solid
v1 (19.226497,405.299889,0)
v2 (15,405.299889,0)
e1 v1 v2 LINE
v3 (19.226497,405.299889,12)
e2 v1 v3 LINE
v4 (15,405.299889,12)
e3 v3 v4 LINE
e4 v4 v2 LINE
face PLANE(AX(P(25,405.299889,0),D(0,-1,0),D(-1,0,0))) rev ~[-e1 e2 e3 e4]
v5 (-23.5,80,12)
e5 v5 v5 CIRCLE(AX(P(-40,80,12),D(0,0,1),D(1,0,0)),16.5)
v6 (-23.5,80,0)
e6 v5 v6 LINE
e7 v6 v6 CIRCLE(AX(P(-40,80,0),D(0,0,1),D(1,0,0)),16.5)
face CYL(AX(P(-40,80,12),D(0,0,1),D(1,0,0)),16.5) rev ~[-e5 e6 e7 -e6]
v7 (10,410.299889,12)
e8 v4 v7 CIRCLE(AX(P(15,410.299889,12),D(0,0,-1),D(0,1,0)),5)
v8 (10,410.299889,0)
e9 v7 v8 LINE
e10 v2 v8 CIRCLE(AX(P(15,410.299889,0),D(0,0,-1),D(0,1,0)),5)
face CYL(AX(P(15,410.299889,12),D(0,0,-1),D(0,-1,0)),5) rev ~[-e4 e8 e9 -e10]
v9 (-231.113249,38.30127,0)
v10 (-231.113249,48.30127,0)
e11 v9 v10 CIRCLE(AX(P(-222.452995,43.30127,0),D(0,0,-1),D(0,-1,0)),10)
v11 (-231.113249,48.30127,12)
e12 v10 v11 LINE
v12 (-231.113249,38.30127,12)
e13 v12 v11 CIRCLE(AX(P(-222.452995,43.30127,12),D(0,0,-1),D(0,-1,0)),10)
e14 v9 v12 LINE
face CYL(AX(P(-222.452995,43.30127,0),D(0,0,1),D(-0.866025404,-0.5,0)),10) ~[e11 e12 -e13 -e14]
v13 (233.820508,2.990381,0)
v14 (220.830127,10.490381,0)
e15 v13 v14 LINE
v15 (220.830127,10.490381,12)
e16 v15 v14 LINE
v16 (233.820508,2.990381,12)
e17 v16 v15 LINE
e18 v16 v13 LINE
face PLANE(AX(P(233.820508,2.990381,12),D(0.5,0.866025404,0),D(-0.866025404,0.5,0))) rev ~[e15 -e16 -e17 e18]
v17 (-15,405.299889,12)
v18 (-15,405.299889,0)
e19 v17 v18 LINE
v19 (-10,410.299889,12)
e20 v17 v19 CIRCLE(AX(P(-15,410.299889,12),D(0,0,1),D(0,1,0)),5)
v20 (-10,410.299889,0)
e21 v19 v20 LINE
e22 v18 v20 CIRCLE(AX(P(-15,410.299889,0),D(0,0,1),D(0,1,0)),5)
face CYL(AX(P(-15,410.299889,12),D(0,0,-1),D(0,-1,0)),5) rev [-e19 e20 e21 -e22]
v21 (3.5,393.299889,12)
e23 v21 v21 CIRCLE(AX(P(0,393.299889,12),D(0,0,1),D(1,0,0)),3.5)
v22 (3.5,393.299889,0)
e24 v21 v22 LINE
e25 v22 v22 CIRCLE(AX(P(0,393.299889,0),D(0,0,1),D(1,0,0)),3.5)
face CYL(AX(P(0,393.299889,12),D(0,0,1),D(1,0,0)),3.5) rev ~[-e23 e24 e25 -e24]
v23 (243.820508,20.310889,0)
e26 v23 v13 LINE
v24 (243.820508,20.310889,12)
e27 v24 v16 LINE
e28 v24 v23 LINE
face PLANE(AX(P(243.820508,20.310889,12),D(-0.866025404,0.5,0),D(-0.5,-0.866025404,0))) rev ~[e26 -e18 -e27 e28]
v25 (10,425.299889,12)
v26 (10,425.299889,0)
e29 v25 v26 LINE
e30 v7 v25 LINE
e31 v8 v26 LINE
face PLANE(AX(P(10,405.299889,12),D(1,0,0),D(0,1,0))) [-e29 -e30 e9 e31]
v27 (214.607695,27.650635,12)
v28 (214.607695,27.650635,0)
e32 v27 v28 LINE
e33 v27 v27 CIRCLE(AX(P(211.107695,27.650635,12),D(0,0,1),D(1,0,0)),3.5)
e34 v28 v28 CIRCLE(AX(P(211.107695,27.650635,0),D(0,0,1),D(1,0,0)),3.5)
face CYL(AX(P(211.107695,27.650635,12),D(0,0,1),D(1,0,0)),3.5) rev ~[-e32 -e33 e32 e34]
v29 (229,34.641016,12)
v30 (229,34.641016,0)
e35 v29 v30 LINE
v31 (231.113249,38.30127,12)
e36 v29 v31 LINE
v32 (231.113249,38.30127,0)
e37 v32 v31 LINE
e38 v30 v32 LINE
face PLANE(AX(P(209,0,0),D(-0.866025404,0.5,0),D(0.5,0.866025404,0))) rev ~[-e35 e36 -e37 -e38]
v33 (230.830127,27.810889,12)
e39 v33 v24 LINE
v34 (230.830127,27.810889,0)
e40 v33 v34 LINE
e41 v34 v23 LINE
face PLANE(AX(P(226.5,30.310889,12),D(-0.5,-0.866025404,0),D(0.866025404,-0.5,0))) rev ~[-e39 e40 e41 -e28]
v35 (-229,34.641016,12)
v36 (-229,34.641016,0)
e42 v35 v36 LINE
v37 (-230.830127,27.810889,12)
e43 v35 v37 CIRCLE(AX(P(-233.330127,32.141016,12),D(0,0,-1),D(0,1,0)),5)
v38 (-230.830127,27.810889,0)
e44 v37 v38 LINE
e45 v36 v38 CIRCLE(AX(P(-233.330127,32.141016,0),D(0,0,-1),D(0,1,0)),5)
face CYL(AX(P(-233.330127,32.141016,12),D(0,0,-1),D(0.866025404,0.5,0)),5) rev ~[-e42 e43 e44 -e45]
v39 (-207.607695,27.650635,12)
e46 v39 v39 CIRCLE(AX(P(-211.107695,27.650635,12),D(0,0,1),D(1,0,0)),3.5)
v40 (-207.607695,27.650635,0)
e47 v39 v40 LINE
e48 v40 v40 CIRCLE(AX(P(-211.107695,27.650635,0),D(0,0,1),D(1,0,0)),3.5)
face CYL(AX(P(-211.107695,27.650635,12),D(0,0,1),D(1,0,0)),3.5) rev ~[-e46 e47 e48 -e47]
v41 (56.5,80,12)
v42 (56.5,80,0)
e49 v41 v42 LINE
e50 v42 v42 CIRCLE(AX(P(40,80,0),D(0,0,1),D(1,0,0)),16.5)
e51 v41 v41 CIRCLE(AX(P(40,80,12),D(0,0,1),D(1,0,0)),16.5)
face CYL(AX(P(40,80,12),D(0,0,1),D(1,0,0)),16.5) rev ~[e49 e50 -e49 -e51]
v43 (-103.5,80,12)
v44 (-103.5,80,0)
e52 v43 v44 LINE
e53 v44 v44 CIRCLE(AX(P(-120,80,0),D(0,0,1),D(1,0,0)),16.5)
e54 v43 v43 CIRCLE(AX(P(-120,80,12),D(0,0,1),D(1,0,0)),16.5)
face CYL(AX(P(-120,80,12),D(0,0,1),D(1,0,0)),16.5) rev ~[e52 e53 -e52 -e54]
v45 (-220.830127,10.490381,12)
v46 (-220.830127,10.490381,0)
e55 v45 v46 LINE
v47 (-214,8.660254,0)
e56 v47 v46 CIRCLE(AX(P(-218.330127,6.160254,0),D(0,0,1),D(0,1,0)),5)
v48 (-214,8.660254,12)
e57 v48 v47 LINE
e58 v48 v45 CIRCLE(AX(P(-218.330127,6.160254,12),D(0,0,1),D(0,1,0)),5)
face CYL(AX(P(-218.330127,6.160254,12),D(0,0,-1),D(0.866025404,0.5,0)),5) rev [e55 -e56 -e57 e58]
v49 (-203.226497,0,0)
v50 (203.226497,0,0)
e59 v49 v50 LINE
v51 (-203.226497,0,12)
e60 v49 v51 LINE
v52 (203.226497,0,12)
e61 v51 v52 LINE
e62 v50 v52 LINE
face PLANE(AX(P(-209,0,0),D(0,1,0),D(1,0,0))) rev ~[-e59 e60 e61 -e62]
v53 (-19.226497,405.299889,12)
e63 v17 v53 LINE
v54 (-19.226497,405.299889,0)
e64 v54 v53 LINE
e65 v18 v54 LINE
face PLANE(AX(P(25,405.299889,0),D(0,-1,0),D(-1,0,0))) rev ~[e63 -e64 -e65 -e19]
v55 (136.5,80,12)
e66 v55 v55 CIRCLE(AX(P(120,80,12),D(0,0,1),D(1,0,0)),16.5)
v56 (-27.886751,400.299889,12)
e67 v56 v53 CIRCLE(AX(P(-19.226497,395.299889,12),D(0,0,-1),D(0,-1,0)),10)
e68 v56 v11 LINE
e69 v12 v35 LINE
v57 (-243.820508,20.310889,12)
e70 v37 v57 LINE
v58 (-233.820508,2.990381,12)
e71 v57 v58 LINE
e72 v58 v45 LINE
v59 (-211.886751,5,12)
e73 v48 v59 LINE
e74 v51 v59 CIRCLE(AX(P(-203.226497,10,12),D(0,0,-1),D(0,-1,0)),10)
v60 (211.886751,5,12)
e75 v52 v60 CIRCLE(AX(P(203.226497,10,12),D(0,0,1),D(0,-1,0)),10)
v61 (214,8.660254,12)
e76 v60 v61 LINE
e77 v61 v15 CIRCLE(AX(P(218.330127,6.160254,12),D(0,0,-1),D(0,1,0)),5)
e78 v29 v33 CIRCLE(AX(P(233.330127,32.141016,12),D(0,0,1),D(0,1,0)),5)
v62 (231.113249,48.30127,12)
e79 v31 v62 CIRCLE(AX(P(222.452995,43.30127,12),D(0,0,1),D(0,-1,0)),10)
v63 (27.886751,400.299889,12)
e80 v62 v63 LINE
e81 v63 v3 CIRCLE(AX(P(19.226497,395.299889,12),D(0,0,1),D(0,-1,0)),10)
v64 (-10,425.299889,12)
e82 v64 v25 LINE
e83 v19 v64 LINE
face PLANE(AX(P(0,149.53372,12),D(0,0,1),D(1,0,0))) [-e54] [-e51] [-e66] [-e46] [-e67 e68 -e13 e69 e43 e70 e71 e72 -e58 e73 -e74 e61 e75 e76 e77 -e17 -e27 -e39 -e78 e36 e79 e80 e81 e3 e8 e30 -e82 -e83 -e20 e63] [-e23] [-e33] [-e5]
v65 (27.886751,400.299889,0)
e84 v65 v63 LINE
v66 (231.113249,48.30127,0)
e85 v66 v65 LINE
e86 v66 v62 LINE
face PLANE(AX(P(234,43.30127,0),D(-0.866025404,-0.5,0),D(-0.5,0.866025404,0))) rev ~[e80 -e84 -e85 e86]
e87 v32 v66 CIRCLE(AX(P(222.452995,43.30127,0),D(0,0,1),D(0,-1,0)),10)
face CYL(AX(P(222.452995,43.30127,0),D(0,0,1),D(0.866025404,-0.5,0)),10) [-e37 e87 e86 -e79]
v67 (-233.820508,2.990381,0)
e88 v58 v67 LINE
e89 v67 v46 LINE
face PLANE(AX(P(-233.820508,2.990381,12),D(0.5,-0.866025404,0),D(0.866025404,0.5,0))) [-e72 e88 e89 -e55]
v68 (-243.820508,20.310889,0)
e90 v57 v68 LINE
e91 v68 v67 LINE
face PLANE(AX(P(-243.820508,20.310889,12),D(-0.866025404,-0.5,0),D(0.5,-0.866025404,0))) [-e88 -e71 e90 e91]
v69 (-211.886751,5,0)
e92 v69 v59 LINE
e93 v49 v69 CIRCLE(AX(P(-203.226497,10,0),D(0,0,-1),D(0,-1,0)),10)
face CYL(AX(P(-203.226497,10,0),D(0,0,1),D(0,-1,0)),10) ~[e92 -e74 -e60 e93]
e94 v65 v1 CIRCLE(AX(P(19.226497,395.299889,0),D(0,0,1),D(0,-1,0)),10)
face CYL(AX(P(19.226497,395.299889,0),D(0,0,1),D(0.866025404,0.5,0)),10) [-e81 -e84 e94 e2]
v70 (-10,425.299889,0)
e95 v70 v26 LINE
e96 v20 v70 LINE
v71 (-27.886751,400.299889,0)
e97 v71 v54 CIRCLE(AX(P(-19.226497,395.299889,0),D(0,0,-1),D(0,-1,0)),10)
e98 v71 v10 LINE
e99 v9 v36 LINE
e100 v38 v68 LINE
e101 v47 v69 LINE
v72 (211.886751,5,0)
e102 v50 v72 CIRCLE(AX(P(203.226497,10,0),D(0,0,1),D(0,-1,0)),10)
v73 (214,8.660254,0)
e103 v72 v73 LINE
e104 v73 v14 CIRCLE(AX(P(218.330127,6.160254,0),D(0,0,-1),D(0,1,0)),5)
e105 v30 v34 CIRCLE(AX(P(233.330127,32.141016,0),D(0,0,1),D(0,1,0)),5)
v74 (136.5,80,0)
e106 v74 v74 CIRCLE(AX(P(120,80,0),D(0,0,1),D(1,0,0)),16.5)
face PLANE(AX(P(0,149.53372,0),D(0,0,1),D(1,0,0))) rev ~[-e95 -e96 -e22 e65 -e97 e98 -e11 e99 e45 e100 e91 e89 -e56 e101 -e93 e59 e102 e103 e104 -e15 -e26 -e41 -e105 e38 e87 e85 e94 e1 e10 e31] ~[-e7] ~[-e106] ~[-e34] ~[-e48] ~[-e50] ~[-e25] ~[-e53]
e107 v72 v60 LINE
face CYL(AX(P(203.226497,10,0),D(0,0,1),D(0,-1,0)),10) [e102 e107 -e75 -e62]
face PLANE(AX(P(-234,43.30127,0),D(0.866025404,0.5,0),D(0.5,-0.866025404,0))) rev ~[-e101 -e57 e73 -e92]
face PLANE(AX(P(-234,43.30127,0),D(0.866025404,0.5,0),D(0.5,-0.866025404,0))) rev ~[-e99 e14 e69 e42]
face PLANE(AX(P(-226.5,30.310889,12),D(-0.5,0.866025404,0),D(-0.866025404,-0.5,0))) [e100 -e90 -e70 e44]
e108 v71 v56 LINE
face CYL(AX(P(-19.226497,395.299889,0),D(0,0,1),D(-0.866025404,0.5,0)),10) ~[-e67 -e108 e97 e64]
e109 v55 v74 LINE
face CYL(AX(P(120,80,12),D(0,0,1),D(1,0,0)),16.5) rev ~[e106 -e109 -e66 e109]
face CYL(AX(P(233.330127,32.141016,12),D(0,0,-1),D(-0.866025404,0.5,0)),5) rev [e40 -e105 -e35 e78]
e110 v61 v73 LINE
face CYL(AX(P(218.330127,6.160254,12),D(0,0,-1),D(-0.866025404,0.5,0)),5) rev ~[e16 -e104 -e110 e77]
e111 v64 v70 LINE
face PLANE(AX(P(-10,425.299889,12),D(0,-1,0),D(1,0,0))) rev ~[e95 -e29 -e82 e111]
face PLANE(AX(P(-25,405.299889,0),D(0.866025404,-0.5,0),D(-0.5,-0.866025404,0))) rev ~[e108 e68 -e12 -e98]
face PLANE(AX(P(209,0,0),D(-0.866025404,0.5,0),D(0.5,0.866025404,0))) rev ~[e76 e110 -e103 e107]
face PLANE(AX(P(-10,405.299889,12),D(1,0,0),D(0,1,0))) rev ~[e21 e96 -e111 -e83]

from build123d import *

# Parameters (mm, degrees)
BOSS_EXTRUDE1_DEPTH = 12
CUT_EXTRUDE1_REACH  = 14
SKETCH2_R           = 3.5
FILLET1_R           = 10
CUT_EXTRUDE2_REACH  = 14
SKETCH3_R           = 16.5
SKETCH4_W           = 20
SKETCH4_H           = 20
BOSS_EXTRUDE2_DEPTH = 12
FILLET2_R           = 5


with BuildPart() as part:
    # Sketch1 → Boss-Extrude1 (new body)
    with BuildSketch(Plane.XY):
        Polygon((-209, 0), (209, 0), (234, 43.301270189), (25, 405.299888971), (-25, 405.299888971), (-234, 43.301270189), align=None)
    extrude(amount=BOSS_EXTRUDE1_DEPTH)

    # Sketch2 → Cut-Extrude1 (cut, up to next)
    with BuildSketch(Plane.XY.offset(12), mode=Mode.PRIVATE) as cut_extrude1_sk1:
        with Locations((211.107695155, 27.650635095)):
            Circle(SKETCH2_R)
    cut_extrude1_tool1 = extrude(cut_extrude1_sk1.sketch, amount=-CUT_EXTRUDE1_REACH, mode=Mode.PRIVATE) & part.part
    add(cut_extrude1_tool1.solids().sort_by_distance((211.107695, 27.650635, 12))[0], mode=Mode.SUBTRACT)
    # Sketch2 → Cut-Extrude1 (cut, up to next)
    with BuildSketch(Plane.XY.offset(12), mode=Mode.PRIVATE) as cut_extrude1_sk2:
        with Locations((0, 393.299888971)):
            Circle(SKETCH2_R)
    cut_extrude1_tool2 = extrude(cut_extrude1_sk2.sketch, amount=-CUT_EXTRUDE1_REACH, mode=Mode.PRIVATE) & part.part
    add(cut_extrude1_tool2.solids().sort_by_distance((0, 393.299889, 12))[0], mode=Mode.SUBTRACT)
    # Sketch2 → Cut-Extrude1 (cut, up to next)
    with BuildSketch(Plane.XY.offset(12), mode=Mode.PRIVATE) as cut_extrude1_sk3:
        with Locations((-211.107695155, 27.650635095)):
            Circle(SKETCH2_R)
    cut_extrude1_tool3 = extrude(cut_extrude1_sk3.sketch, amount=-CUT_EXTRUDE1_REACH, mode=Mode.PRIVATE) & part.part
    add(cut_extrude1_tool3.solids().sort_by_distance((-211.107695, 27.650635, 12))[0], mode=Mode.SUBTRACT)

    # Fillet1
    fillet1_edges = [part.edges().sort_by_distance(p)[0] for p in [
        (-25, 405.299888971, 6),
        (25, 405.299888971, 6),
        (234, 43.301270189, 6),
        (209, 0, 6),
        (-209, 0, 6),
        (-234, 43.301270189, 6),
    ]]
    fillet(fillet1_edges, radius=FILLET1_R)

    # Sketch3 → Cut-Extrude2 (cut, up to next)
    with BuildSketch(Plane.XY.offset(12), mode=Mode.PRIVATE) as cut_extrude2_sk1:
        with Locations((-40, 80)):
            Circle(SKETCH3_R)
    cut_extrude2_tool1 = extrude(cut_extrude2_sk1.sketch, amount=-CUT_EXTRUDE2_REACH, mode=Mode.PRIVATE) & part.part
    add(cut_extrude2_tool1.solids().sort_by_distance((-40, 80, 12))[0], mode=Mode.SUBTRACT)
    # Sketch3 → Cut-Extrude2 (cut, up to next)
    with BuildSketch(Plane.XY.offset(12), mode=Mode.PRIVATE) as cut_extrude2_sk2:
        with Locations((40, 80)):
            Circle(SKETCH3_R)
    cut_extrude2_tool2 = extrude(cut_extrude2_sk2.sketch, amount=-CUT_EXTRUDE2_REACH, mode=Mode.PRIVATE) & part.part
    add(cut_extrude2_tool2.solids().sort_by_distance((40, 80, 12))[0], mode=Mode.SUBTRACT)
    # Sketch3 → Cut-Extrude2 (cut, up to next)
    with BuildSketch(Plane.XY.offset(12), mode=Mode.PRIVATE) as cut_extrude2_sk3:
        with Locations((-120, 80)):
            Circle(SKETCH3_R)
    cut_extrude2_tool3 = extrude(cut_extrude2_sk3.sketch, amount=-CUT_EXTRUDE2_REACH, mode=Mode.PRIVATE) & part.part
    add(cut_extrude2_tool3.solids().sort_by_distance((-120, 80, 12))[0], mode=Mode.SUBTRACT)
    # Sketch3 → Cut-Extrude2 (cut, up to next)
    with BuildSketch(Plane.XY.offset(12), mode=Mode.PRIVATE) as cut_extrude2_sk4:
        with Locations((120, 80)):
            Circle(SKETCH3_R)
    cut_extrude2_tool4 = extrude(cut_extrude2_sk4.sketch, amount=-CUT_EXTRUDE2_REACH, mode=Mode.PRIVATE) & part.part
    add(cut_extrude2_tool4.solids().sort_by_distance((120, 80, 12))[0], mode=Mode.SUBTRACT)

    # Sketch4 → Boss-Extrude2 (add)
    with BuildSketch(Plane.XY.offset(12)):
        with Locations((0, 415.299888971)):
            Rectangle(SKETCH4_W, SKETCH4_H)
        Polygon((226.5, 30.310889132), (243.820508076, 20.310889132), (233.820508076, 2.990381057), (216.5, 12.990381057), align=None)
        Polygon((-226.5, 30.310889132), (-243.820508076, 20.310889132), (-233.820508076, 2.990381057), (-216.5, 12.990381057), align=None)
    extrude(amount=-BOSS_EXTRUDE2_DEPTH)

    # Fillet2
    fillet2_edges = [part.edges().sort_by_distance(p)[0] for p in [
        (216.5, 12.990381057, 6),
        (226.5, 30.310889132, 6),
        (-226.5, 30.310889132, 6),
        (-216.5, 12.990381057, 6),
        (10, 405.299888971, 6),
        (-10, 405.299888971, 6),
    ]]
    fillet(fillet2_edges, radius=FILLET2_R)


solid = part.part
